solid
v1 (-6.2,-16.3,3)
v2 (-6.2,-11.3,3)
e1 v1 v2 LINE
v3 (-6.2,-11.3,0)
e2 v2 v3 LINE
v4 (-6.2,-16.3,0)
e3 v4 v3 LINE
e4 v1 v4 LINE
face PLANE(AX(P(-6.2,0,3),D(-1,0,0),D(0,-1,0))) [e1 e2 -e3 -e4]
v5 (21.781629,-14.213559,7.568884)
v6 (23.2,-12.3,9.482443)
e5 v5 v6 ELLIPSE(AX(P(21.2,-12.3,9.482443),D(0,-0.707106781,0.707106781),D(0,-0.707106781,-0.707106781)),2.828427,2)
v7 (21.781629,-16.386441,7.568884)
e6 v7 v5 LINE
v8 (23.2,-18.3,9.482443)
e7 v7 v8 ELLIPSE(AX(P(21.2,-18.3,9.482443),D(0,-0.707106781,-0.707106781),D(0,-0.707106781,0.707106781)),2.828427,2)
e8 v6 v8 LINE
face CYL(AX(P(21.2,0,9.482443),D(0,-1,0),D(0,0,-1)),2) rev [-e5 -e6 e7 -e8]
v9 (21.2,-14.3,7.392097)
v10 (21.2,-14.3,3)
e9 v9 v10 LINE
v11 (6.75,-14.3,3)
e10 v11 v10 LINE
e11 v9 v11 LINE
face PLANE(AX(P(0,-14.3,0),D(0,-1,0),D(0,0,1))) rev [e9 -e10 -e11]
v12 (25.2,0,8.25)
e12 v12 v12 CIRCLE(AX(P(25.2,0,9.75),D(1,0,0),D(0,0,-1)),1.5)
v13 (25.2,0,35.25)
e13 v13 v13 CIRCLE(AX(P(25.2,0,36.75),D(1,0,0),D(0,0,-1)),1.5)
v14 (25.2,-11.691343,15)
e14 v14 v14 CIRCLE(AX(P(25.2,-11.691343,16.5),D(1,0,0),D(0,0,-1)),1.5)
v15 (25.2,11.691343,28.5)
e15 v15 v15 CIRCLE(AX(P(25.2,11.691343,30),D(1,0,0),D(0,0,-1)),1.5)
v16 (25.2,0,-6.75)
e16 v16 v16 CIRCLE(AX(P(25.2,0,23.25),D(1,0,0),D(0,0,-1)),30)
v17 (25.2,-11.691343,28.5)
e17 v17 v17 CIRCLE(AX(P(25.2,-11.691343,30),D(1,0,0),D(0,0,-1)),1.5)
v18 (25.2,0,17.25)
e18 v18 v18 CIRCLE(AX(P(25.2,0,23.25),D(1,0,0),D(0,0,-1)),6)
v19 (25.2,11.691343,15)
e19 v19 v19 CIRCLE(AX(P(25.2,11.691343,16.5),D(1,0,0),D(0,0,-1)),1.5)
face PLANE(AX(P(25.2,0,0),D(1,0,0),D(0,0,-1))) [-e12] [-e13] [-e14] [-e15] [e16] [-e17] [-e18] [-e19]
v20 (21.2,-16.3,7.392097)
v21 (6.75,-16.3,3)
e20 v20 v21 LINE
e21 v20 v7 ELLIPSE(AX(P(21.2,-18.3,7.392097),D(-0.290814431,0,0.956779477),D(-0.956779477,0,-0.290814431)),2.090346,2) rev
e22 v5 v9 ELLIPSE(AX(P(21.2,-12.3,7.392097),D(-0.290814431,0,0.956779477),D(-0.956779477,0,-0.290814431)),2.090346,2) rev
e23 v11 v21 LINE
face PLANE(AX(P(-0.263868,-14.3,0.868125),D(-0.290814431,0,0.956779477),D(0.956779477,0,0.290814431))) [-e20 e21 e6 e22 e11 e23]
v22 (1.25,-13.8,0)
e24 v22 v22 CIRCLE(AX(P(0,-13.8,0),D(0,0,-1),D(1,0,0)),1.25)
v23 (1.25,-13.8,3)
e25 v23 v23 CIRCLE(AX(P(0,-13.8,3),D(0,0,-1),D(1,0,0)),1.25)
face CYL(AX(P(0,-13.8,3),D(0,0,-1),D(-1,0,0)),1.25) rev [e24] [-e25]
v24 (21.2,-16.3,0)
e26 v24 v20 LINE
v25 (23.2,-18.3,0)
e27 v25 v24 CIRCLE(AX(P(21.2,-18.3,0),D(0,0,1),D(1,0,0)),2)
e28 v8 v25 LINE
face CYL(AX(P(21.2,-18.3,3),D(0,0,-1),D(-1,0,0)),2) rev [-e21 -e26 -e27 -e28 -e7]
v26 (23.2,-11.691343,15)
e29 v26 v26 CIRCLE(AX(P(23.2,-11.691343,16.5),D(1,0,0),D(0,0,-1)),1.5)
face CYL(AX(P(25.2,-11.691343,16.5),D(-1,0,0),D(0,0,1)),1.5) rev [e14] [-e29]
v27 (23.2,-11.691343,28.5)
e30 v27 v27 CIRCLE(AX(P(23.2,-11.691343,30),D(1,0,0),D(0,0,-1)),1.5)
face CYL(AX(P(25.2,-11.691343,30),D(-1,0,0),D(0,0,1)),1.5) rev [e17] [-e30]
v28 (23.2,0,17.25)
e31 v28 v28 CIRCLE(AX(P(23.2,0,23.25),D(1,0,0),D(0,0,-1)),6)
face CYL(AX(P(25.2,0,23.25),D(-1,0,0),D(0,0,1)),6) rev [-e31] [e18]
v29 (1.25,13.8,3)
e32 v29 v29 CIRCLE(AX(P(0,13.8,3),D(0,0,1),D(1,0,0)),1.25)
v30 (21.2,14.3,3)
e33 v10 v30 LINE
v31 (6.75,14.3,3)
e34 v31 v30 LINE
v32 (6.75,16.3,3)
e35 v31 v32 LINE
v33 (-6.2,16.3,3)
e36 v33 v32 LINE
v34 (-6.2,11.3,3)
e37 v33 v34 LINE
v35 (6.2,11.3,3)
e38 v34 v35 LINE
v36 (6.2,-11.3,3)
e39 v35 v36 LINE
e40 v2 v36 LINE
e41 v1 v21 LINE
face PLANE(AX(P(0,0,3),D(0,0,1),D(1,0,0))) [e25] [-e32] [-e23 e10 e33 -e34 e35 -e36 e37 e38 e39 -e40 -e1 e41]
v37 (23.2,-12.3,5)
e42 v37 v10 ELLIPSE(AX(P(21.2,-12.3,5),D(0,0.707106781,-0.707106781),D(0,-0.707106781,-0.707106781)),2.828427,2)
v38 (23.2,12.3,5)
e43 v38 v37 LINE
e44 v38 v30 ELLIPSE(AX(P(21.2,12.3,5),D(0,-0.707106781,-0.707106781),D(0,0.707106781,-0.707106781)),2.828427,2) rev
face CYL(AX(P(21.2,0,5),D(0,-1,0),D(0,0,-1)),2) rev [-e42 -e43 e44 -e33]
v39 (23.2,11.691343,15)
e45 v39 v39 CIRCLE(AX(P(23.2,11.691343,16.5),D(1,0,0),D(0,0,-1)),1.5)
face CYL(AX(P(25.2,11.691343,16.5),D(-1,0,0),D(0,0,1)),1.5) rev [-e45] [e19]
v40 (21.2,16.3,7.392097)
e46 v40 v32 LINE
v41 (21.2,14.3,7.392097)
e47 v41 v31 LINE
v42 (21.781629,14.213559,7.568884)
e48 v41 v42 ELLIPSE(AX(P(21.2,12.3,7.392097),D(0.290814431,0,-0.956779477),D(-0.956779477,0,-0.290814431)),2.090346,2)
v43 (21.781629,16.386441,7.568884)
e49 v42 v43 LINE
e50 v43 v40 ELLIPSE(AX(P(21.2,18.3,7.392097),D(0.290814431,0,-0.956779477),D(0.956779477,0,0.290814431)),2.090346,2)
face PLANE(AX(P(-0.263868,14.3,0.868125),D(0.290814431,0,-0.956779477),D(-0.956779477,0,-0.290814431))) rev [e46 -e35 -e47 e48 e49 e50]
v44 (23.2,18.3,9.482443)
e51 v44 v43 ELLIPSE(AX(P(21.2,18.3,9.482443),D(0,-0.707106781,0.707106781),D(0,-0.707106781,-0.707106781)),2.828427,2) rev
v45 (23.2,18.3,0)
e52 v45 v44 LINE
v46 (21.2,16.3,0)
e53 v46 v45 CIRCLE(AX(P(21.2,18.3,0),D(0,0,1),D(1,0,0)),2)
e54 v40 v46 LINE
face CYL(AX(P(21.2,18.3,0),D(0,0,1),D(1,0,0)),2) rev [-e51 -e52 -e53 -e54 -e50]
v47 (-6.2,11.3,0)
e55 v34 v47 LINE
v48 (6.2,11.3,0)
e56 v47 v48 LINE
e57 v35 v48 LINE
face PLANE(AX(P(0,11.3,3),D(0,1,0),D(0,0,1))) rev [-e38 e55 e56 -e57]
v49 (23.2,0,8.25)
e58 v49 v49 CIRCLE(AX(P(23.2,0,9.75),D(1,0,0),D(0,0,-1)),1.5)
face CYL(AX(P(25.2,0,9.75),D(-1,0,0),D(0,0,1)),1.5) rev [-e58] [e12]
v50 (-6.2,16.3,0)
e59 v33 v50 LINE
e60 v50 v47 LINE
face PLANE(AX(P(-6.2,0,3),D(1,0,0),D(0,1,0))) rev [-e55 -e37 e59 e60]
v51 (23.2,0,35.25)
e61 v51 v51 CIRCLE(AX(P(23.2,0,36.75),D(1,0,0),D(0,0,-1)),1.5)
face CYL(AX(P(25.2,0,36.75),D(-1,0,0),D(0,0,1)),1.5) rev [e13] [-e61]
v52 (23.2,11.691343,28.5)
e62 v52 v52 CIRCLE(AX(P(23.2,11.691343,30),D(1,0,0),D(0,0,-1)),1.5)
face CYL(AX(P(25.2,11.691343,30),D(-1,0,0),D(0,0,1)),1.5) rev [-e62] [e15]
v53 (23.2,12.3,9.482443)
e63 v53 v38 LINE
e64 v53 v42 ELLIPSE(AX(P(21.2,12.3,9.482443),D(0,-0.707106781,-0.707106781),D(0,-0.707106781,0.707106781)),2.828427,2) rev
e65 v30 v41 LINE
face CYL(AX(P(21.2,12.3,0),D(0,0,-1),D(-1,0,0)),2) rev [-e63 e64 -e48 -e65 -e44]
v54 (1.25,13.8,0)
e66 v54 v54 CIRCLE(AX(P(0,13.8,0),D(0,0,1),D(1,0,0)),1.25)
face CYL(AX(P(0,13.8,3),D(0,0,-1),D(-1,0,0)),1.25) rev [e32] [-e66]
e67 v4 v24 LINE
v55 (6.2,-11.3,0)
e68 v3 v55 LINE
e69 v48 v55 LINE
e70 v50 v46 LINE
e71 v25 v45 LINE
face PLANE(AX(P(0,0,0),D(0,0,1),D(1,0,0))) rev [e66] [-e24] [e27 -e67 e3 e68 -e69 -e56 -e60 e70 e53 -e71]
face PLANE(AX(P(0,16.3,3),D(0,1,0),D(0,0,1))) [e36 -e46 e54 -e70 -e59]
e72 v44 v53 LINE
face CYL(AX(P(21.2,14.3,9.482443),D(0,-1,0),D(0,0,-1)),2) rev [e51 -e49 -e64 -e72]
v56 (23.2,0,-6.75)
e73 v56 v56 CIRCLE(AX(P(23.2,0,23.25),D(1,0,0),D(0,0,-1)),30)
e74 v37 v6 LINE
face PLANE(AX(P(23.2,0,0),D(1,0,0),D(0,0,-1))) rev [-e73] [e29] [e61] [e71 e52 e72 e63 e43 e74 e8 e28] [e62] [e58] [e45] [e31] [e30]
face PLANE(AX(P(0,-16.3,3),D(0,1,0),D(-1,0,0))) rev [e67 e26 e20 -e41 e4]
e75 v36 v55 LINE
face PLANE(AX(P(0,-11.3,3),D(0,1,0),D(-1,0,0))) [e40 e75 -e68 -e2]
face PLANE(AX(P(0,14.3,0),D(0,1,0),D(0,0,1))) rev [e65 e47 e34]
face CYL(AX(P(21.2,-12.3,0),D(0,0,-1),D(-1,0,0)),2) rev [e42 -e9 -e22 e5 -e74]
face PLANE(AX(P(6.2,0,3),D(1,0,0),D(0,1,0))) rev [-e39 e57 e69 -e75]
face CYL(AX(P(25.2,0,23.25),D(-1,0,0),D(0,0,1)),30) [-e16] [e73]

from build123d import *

# Parameters (mm, degrees)
SKETCH_1_W      = 12.4
SKETCH_1_H      = 5
SKETCH_1_R      = 1.25
SKETCH_1_W_2    = 5
SKETCH_1_H_2    = 11.3
EXTRUDE_1_DEPTH = 3
SKETCH_2_W      = 3
SKETCH_2_H      = 16.3
EXTRUDE_2_DEPTH = 12
EXTRUDE_3_DEPTH = 2
SKETCH_4_R      = 30
SKETCH_4_R_2    = 1.5
SKETCH_4_R_3    = 6
EXTRUDE_4_DEPTH = 2
FILLET_2_R      = 2


with BuildPart() as part:
    # Эскиз1 → Бобышка-Вытянуть1 (new body)
    with BuildSketch(Plane.XY):
        with Locations((0, 13.8)):
            Rectangle(SKETCH_1_W, SKETCH_1_H)
        with Locations((0, 13.8)):
            Circle(SKETCH_1_R, mode=Mode.SUBTRACT)
        with Locations((8.7, 13.8)):
            Rectangle(SKETCH_1_W_2, SKETCH_1_H)
        with Locations((8.7, 5.65)):
            Rectangle(SKETCH_1_W_2, SKETCH_1_H_2)
    extrude_1 = extrude(amount=EXTRUDE_1_DEPTH)

    # Эскиз2 → Бобышка-Вытянуть2 (add)
    with BuildSketch(Plane(origin=(11.2, 0, 0), x_dir=(0, 0, -1), z_dir=(1, 0, 0))):
        with Locations((-1.5, 8.15)):
            Rectangle(SKETCH_2_W, SKETCH_2_H)
    extrude_2 = extrude(amount=EXTRUDE_2_DEPTH)

    # Эскиз3 → Бобышка-Вытянуть3 (add)
    with BuildSketch(Plane(origin=(0, 16.3, 0), x_dir=(1, 0, 0), z_dir=(0, 1, 0))):
        Polygon((23.2, -8), (23.2, -3), (6.75, -3), align=None)
    extrude_3 = extrude(amount=-EXTRUDE_3_DEPTH)

    # Зеркальное отражение1: Бобышка-Вытянуть1, Бобышка-Вытянуть2, Бобышка-Вытянуть3 across plane
    add(extrude_1.mirror(Plane(origin=(0, 0, 3), x_dir=(0, 0, 1), z_dir=(0, -1, 0))))
    add(extrude_2.mirror(Plane(origin=(0, 0, 3), x_dir=(0, 0, 1), z_dir=(0, -1, 0))))
    add(extrude_3.mirror(Plane(origin=(0, 0, 3), x_dir=(0, 0, 1), z_dir=(0, -1, 0))))

    # Эскиз4 → Бобышка-Вытянуть4 (add)
    with BuildSketch(Plane(origin=(23.2, 0, 0), x_dir=(0, 0, -1), z_dir=(1, 0, 0))):
        with Locations((-23.25, 0)):
            Circle(SKETCH_4_R)
        with Locations((-30, -11.691342951)):
            Circle(SKETCH_4_R_2, mode=Mode.SUBTRACT)
        with Locations((-16.5, 11.691342951)):
            Circle(SKETCH_4_R_2, mode=Mode.SUBTRACT)
        with Locations((-9.75, 0)):
            Circle(SKETCH_4_R_2, mode=Mode.SUBTRACT)
        with Locations((-36.75, 0)):
            Circle(SKETCH_4_R_2, mode=Mode.SUBTRACT)
        with Locations((-16.5, -11.691342951)):
            Circle(SKETCH_4_R_2, mode=Mode.SUBTRACT)
        with Locations((-30, 11.691342951)):
            Circle(SKETCH_4_R_2, mode=Mode.SUBTRACT)
        with Locations((-23.25, 0)):
            Circle(SKETCH_4_R_3, mode=Mode.SUBTRACT)
        Polygon((-3, 14.3), (-3, -14.3), (-8, -14.3), (-8, -16.3), (0, -16.3), (0, 16.3), (-8, 16.3), (-8, 14.3), align=None, mode=Mode.SUBTRACT)
        Polygon((-8, 14.3), (-3, 14.3), (-3, -14.3), (-8, -14.3), (-8, -16.3), (0, -16.3), (0, 16.3), (-8, 16.3), align=None)
    extrude(amount=EXTRUDE_4_DEPTH)

    # Скругление2
    fillet_2_edges = [part.edges().sort_by_distance(p)[0] for p in [
        (23.2, 16.3, 4),
        (23.2, 0, 3),
        (23.2, 15.3, 8),
        (23.2, 14.3, 5.5),
        (23.2, -16.3, 4),
        (23.2, -14.3, 5.5),
        (23.2, -15.3, 8),
    ]]
    fillet(fillet_2_edges, radius=FILLET_2_R)


solid = part.part
